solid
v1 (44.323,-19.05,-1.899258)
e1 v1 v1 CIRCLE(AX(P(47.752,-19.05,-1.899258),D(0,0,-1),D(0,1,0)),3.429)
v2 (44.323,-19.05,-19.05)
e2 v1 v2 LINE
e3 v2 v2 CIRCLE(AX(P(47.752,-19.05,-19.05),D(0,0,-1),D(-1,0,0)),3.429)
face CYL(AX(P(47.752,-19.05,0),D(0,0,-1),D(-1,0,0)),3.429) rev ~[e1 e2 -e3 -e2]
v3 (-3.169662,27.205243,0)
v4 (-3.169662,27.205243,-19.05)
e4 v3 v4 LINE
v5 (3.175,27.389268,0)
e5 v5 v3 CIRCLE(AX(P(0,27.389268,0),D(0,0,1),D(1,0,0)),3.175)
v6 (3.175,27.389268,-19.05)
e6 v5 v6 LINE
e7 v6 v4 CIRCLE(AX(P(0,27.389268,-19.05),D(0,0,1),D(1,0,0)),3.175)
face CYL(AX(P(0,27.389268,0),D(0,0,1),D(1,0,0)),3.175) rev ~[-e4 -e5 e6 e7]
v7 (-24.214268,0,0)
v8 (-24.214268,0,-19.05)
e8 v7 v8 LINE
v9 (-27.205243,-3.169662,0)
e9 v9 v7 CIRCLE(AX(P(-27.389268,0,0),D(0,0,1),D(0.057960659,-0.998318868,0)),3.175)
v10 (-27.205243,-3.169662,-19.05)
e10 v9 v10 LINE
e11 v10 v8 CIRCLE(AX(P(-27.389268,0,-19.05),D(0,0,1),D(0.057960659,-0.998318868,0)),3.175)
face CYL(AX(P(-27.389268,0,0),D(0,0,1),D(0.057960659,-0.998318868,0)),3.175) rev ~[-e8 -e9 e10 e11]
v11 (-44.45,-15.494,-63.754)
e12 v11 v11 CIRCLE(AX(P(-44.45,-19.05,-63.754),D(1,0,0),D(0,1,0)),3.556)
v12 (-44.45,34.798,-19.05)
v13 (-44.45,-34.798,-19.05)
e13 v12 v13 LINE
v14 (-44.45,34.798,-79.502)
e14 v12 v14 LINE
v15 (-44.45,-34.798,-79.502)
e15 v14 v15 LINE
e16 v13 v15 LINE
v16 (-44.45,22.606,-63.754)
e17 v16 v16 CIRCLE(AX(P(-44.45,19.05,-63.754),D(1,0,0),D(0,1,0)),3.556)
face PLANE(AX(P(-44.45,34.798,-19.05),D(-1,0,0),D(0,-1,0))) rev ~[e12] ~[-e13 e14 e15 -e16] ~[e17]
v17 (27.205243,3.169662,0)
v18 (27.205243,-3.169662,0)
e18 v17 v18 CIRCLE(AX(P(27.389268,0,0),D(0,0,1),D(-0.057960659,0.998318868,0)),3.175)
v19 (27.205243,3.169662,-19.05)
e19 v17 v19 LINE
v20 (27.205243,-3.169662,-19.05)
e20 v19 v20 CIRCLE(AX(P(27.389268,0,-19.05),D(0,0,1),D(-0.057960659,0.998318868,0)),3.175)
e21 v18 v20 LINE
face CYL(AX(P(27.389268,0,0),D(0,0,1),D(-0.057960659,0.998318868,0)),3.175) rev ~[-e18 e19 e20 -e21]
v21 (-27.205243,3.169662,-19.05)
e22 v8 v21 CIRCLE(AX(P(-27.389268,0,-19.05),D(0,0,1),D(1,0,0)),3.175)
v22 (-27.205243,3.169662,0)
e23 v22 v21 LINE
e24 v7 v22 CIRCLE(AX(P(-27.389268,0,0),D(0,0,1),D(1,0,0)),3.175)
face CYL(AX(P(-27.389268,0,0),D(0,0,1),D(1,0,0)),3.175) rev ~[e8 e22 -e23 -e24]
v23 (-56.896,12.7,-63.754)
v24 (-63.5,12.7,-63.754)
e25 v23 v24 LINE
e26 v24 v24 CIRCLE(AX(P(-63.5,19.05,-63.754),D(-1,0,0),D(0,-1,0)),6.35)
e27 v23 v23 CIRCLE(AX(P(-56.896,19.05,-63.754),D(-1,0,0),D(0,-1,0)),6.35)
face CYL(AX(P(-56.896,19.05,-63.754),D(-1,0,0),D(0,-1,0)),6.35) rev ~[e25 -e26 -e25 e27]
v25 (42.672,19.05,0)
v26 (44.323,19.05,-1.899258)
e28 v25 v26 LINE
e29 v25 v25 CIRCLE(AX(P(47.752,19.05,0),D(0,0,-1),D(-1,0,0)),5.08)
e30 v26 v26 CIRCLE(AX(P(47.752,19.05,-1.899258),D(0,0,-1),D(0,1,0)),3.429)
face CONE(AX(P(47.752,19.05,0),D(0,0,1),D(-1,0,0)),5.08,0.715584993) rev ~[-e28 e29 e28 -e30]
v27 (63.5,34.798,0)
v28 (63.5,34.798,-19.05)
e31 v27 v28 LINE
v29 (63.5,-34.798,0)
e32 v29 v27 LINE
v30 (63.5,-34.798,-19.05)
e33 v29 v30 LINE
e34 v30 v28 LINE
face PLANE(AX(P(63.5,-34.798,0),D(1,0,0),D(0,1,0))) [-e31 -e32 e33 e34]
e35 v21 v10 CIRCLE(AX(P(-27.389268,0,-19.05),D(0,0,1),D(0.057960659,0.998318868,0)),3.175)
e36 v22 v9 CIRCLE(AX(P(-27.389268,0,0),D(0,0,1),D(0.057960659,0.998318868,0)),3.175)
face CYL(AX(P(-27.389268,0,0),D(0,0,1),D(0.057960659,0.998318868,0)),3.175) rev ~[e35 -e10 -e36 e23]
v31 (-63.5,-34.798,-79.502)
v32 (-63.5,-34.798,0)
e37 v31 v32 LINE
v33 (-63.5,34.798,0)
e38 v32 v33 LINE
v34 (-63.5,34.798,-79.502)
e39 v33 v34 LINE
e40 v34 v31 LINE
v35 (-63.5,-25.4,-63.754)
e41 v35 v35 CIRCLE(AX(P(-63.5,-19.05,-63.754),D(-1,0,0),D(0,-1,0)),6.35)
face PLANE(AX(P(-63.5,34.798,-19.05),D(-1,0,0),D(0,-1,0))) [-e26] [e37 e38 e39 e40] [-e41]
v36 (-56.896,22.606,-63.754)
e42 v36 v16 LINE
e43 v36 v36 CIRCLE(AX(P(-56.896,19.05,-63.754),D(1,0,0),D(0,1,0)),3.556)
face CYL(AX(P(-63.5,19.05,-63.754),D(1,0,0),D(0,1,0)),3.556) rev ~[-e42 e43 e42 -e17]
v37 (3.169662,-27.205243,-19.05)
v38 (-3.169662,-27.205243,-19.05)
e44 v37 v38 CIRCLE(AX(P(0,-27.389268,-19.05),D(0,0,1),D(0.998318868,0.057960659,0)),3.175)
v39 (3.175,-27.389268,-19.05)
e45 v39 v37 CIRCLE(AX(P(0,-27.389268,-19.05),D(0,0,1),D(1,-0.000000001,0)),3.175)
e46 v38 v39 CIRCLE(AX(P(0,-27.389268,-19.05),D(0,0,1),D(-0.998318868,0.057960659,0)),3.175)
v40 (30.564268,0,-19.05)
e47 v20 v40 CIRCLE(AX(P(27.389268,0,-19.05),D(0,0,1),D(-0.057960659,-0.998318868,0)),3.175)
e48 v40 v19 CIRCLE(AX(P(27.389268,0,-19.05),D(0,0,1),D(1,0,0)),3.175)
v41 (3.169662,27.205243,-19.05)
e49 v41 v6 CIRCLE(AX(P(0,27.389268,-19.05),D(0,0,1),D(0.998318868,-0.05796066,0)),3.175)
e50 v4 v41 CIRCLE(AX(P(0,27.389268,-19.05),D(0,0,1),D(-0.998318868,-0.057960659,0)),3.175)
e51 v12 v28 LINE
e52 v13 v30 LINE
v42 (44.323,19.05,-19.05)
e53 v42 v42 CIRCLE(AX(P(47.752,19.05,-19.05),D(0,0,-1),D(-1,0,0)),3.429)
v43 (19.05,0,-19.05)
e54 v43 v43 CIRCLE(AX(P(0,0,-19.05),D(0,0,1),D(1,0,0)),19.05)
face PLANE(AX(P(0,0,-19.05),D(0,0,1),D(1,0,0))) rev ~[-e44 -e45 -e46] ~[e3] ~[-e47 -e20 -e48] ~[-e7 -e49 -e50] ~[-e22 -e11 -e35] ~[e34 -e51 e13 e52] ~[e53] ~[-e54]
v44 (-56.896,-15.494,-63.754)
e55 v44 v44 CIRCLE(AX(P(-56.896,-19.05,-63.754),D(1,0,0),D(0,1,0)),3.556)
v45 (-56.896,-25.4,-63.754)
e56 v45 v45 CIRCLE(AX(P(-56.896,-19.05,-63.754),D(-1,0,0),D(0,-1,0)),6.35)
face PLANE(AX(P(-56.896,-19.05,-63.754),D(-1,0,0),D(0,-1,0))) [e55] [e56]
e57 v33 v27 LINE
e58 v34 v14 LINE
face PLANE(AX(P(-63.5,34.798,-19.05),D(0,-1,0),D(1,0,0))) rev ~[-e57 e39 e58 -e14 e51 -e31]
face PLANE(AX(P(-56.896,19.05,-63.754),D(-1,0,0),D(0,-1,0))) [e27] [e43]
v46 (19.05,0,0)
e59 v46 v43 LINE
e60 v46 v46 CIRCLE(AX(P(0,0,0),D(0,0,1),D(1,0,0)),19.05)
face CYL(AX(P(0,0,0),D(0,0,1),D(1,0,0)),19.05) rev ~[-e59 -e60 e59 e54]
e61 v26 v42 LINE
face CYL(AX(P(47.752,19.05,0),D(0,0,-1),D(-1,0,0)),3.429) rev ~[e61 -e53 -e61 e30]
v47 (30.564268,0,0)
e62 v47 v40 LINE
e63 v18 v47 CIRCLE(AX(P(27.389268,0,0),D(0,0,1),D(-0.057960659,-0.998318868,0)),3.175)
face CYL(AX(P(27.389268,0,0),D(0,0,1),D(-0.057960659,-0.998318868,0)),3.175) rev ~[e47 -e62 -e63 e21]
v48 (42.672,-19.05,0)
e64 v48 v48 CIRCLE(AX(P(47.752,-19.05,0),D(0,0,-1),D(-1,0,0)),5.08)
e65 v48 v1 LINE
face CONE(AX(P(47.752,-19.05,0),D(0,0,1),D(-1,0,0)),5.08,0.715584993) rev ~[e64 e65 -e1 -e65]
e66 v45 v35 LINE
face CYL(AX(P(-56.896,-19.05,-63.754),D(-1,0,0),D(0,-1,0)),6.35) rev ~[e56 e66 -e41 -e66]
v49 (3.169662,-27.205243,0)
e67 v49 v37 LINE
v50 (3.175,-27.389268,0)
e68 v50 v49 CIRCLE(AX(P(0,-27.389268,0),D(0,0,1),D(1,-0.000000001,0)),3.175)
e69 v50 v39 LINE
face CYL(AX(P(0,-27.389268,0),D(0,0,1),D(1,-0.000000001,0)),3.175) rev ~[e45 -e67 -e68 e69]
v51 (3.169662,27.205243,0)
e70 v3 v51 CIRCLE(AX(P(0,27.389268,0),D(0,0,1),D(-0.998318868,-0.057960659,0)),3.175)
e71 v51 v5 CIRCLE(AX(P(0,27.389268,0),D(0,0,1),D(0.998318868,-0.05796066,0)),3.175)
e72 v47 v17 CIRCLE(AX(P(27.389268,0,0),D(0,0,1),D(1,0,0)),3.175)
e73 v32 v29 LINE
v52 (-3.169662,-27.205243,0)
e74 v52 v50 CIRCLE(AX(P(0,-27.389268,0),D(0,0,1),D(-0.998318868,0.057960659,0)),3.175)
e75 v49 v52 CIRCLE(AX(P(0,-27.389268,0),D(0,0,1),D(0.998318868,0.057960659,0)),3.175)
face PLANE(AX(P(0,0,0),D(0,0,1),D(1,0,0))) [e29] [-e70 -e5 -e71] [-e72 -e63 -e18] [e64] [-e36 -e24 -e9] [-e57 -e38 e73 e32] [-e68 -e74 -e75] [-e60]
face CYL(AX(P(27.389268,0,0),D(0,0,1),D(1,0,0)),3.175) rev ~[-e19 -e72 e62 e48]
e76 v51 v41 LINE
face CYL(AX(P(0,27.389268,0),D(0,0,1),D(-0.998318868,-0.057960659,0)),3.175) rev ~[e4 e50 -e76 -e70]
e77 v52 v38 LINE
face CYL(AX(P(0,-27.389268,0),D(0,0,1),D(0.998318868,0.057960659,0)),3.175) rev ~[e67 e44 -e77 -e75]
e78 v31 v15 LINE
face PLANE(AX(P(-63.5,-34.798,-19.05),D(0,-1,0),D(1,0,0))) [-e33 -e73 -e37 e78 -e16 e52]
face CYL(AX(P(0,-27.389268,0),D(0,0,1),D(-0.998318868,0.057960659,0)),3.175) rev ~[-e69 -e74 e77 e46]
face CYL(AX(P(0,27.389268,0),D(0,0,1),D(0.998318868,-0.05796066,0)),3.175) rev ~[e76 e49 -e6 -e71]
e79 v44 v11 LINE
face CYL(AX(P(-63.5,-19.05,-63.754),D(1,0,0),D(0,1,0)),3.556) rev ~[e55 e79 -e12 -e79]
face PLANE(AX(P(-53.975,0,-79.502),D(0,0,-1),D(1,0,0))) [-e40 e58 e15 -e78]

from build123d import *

# Parameters (mm, degrees)
F0_W            = 127
F0_H            = 69.596
F1_DEPTH        = 19.05
F2_W            = 19.05
F2_H            = 69.596
F3_DEPTH        = 60.452
F4_R            = 19.05
F5_DEPTH        = 25.4
F7_DEPTH        = 25.4
F9_D            = 6.858
F9_DEPTH        = 25.4
F9_CSINK_D      = 10.16
F9_CSINK_ANGLE  = 82
F9_TIP          = 2.0603510626
F11_D           = 7.112
F11_DEPTH       = 25.4
F11_CBORE_D     = 12.7
F11_CBORE_DEPTH = 6.604
F11_TIP         = 2.1366603613


with BuildPart() as f1:
    # F0 (on Top) → F1 (new body)
    with BuildSketch(Plane.XY):
        Rectangle(F0_W, F0_H)
    extrude(amount=-F1_DEPTH)

    # F2 (on face) → F3 (join)
    with BuildSketch(Plane(origin=(0, 0, -19.05), x_dir=(1, 0, 0), z_dir=(0, 0, -1))):
        with Locations((-53.975, 0)):
            Rectangle(F2_W, F2_H)
    extrude(amount=F3_DEPTH)

    # F4 (on face) → F5 (cut)
    with BuildSketch(Plane.XY):
        Circle(F4_R)
    extrude(amount=-F5_DEPTH, mode=Mode.SUBTRACT)

    # F6 (on face) → F7 (cut)
    with BuildSketch(Plane.XY):
        with BuildLine():
            ThreePointArc((-3.1696624056, 27.2052425135), (0, 24.2142676058), (3.1696624056, 27.2052425135))
            ThreePointArc((3.1696624056, 27.2052425135), (0, 27.3892676058), (-3.1696624056, 27.2052425135))
        make_face()
        with BuildLine():
            ThreePointArc((-3.1696624056, 27.2052425135), (0, 27.3892676058), (3.1696624056, 27.2052425135))
            ThreePointArc((3.1696624056, 27.2052425135), (3.1736653209, 27.2972163639), (3.175, 27.3892676058))
            ThreePointArc((3.175, 27.3892676058), (-0.0920512419, 30.5629329266), (-3.1696624056, 27.2052425135))
        make_face()
        with BuildLine():
            ThreePointArc((27.2052425135, 3.1696624056), (27.3432226289, 1.5875), (27.3892676058, 0))
            ThreePointArc((27.3892676058, 0), (27.3432226289, -1.5875), (27.2052425135, -3.1696624056))
            ThreePointArc((27.2052425135, -3.1696624056), (29.568297818, -2.3092103269), (30.5642676058, 0))
            ThreePointArc((30.5642676058, 0), (29.568297818, 2.3092103269), (27.2052425135, 3.1696624056))
        make_face()
        with BuildLine():
            ThreePointArc((27.2052425135, -3.1696624056), (27.3432226289, -1.5875), (27.3892676058, 0))
            ThreePointArc((27.3892676058, 0), (27.3432226289, 1.5875), (27.2052425135, 3.1696624056))
            ThreePointArc((27.2052425135, 3.1696624056), (24.2142676058, 0), (27.2052425135, -3.1696624056))
        make_face()
        with BuildLine():
            ThreePointArc((3.175, -27.3892676058), (3.1736653209, -27.2972163639), (3.1696624056, -27.2052425135))
            ThreePointArc((3.1696624056, -27.2052425135), (0, -27.3892676058), (-3.1696624056, -27.2052425135))
            ThreePointArc((-3.1696624056, -27.2052425135), (-0.0920512419, -30.5629329266), (3.175, -27.3892676058))
        make_face()
        with BuildLine():
            ThreePointArc((-3.1696624056, -27.2052425135), (0, -27.3892676058), (3.1696624056, -27.2052425135))
            ThreePointArc((3.1696624056, -27.2052425135), (0, -24.2142676058), (-3.1696624056, -27.2052425135))
        make_face()
        with BuildLine():
            ThreePointArc((-24.2142676058, 0), (-25.0800572788, 2.1790302123), (-27.2052425135, 3.1696624056))
            ThreePointArc((-27.2052425135, 3.1696624056), (-27.3892676058, 0), (-27.2052425135, -3.1696624056))
            ThreePointArc((-27.2052425135, -3.1696624056), (-25.0800572788, -2.1790302123), (-24.2142676058, 0))
        make_face()
        with BuildLine():
            ThreePointArc((-27.2052425135, -3.1696624056), (-27.3892676058, 0), (-27.2052425135, 3.1696624056))
            ThreePointArc((-27.2052425135, 3.1696624056), (-30.5642676058, 0), (-27.2052425135, -3.1696624056))
        make_face()
    extrude(amount=-F7_DEPTH, mode=Mode.SUBTRACT)

    # F9
    with Locations(Plane.XY):
        with Locations((47.752, 19.05), (47.752, -19.05)):
            CounterSinkHole(F9_D / 2, F9_CSINK_D / 2, depth=F9_DEPTH, counter_sink_angle=F9_CSINK_ANGLE)
            with Locations((0, 0, -(F9_DEPTH + F9_TIP / 2))):  # 118° drill point
                Cone(0, F9_D / 2, F9_TIP, mode=Mode.SUBTRACT)

    # F11
    with Locations(Plane(origin=(-63.5, 0, 0), x_dir=(0, -1, 0), z_dir=(-1, 0, 0))):
        with Locations((-19.05, -63.754), (19.05, -63.754)):
            CounterBoreHole(F11_D / 2, F11_CBORE_D / 2, F11_CBORE_DEPTH, depth=F11_DEPTH)
            with Locations((0, 0, -(F11_DEPTH + F11_TIP / 2))):  # 118° drill point
                Cone(0, F11_D / 2, F11_TIP, mode=Mode.SUBTRACT)


solid = f1.part
